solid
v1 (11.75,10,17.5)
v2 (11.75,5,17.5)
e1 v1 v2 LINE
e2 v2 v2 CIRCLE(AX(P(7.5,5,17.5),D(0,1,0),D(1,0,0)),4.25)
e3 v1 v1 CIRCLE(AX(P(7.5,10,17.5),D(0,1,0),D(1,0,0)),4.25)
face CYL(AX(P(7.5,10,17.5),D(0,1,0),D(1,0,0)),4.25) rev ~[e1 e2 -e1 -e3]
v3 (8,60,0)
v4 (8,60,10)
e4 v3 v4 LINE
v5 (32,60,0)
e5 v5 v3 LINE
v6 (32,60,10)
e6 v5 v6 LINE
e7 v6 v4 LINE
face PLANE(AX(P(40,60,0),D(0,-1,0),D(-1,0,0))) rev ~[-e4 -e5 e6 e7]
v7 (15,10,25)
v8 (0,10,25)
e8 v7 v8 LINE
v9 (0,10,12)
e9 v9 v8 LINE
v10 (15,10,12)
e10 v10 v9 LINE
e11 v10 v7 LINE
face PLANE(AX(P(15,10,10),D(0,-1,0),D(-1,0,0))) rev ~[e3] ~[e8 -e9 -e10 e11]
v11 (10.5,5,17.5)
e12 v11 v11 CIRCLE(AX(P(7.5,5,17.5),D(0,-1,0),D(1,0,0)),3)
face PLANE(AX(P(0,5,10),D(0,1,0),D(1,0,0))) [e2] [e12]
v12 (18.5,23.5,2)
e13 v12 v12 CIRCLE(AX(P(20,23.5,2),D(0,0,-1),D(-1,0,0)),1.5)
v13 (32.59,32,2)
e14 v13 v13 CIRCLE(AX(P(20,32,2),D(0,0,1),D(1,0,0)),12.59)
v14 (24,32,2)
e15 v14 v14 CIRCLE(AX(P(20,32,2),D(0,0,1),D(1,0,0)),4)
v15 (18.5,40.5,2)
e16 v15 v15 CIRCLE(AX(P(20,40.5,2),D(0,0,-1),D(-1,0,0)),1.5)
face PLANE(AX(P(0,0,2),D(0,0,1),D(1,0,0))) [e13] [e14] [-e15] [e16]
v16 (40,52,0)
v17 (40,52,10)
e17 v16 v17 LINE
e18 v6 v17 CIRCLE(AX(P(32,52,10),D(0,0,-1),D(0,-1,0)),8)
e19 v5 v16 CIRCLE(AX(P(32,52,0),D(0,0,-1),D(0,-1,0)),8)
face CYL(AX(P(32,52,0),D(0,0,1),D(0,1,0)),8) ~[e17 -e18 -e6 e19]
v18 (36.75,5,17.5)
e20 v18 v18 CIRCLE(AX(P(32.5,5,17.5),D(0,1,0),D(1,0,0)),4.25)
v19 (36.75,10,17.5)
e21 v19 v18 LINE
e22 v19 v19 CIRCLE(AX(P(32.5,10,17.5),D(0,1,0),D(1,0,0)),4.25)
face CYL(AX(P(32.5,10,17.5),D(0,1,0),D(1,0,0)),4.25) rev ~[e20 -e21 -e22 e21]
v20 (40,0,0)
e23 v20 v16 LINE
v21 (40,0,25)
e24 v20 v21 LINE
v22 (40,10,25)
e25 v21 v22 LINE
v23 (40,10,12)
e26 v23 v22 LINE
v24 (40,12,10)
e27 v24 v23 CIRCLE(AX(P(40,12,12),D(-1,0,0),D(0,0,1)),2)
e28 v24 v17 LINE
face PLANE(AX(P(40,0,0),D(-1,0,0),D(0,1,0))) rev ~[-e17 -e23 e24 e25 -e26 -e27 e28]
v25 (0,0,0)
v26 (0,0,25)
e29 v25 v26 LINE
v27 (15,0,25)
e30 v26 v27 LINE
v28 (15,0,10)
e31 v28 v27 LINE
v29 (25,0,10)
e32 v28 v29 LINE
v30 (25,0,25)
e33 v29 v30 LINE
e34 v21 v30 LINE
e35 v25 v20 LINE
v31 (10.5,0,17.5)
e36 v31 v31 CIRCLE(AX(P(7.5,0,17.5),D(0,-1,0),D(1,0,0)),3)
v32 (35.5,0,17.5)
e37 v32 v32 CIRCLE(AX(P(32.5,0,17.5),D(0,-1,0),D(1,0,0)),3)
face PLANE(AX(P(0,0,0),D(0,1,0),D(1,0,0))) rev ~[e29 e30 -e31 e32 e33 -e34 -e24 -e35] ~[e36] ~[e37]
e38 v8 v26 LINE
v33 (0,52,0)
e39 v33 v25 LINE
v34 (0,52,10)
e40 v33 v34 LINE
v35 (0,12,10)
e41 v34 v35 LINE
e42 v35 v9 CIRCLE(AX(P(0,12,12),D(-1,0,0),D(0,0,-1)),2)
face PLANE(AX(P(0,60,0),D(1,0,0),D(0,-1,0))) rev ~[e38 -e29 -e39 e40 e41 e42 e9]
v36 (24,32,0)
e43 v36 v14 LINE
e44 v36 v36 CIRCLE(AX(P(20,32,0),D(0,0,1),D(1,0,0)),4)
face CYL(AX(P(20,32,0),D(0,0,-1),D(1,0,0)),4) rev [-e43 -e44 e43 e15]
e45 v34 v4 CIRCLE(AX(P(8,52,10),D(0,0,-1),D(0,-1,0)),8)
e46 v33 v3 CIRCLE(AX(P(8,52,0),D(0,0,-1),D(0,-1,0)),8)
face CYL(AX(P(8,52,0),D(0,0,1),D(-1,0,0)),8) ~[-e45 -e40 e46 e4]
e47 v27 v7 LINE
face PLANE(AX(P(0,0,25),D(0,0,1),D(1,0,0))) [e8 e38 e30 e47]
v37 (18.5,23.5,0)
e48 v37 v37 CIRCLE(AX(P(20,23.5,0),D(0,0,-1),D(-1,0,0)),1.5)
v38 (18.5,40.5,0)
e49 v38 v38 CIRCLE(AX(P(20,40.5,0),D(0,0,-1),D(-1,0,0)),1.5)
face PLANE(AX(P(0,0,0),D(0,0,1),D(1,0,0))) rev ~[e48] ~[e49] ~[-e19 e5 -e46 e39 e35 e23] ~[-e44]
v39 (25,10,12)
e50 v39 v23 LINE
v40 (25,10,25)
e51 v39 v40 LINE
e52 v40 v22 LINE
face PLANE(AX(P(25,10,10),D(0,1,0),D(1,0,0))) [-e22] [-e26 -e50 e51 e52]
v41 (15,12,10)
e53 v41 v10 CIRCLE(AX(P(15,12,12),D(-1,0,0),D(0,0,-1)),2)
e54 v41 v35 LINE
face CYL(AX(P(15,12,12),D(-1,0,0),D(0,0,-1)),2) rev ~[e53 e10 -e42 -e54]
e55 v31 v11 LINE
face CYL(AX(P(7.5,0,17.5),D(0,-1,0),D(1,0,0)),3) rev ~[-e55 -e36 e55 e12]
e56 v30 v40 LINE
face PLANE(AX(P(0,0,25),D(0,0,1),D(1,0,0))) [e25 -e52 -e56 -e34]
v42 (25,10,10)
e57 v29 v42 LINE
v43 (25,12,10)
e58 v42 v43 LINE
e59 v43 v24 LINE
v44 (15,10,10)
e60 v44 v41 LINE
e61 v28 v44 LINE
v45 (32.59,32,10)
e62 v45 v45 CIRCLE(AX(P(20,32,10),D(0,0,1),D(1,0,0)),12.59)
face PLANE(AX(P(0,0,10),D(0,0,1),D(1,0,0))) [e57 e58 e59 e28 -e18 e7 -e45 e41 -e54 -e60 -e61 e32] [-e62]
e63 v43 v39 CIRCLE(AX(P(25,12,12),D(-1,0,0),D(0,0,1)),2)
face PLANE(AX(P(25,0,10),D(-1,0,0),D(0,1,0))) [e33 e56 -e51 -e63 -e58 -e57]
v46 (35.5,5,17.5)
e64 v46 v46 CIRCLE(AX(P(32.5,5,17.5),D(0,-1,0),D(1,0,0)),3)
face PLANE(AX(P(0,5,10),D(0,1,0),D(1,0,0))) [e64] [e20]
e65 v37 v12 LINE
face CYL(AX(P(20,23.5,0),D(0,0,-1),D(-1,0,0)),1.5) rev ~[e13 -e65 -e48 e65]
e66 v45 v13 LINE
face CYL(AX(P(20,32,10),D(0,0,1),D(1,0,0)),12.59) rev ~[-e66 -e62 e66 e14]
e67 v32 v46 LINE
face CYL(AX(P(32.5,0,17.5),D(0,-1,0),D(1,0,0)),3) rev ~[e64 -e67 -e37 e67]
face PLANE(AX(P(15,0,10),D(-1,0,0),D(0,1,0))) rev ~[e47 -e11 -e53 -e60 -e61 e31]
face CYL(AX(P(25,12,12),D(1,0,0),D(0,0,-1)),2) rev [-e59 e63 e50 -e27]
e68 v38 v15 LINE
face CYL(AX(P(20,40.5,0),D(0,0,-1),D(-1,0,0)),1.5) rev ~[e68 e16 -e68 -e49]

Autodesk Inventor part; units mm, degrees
ref_plane "YZ Plane" through (0, 0, 0) normal (1, 0, 0) x (0, 1, 0)
ref_plane "XZ Plane" through (0, 0, 0) normal (0, 1, 0) x (-1, 0, 0)
ref_plane "XY Plane" through (0, 0, 0) normal (0, 0, 1) x (1, 0, 0)
sketch "Boceto1" plane through (0, 0, 0) normal (0, 0, 1) x (1, 0, 0)
  line L0 (0, 0) -> (40, 0)
  line L1 (40, 0) -> (40, 60)
  line L2 (40, 60) -> (0, 60)
  line L3 (0, 60) -> (0, 0)
  circle A0 centre (20, 32) radius 4
  dimension "d0" = 40
  dimension "d1" = 60
  dimension "d2" = 8
  dimension "d31" = 32
extrude "Extrusión1" add sketch "Boceto1" along normal blind 10
sketch "Boceto2" plane through (0, 0, 10) normal (0, 0, 1) x (1, 0, 0)
  circle A0 centre (20, 32) radius 4 projected
  circle A1 centre (20, 32) radius 12.59
  point P0 (0, 0)
  dimension "d5" = 25.18
extrude "Extrusión2" cut sketch "Boceto2" against normal blind 8
fillet "Empalme1" radius 8 2 edges at (40, 60, 5) (0, 60, 5)
sketch "Boceto4" plane through (0, 0, 0) normal (0, 0, -1) x (-1, 0, 0)
  circle A0 centre (-20, 40.5) radius 1.5
  circle A1 centre (-20, 23.5) radius 1.5
  circle A2 centre (-20, 32) radius 4 projected
  point P0 (0, 0)
  dimension "d11" = 3
  dimension "d12" = 3
  dimension "d14" = 8.5
  dimension "d15" = 17
extrude "Extrusión4" cut sketch "Boceto4" against normal blind 2 contours A0 | A1
sketch "Boceto5" plane through (0, 0, 10) normal (0, 0, 1) x (1, 0, 0)
  line L0 (0, 52) -> (0, 0) projected
  line L1 (0, 0) -> (15, 0)
  line L2 (15, 0) -> (15, 10)
  line L3 (15, 10) -> (0, 10)
  line L4 (0, 10) -> (0, 0)
  line L5 (40, 0) -> (40, 52) projected
  line L6 (40, 0) -> (25, 0)
  line L7 (25, 0) -> (25, 10)
  line L8 (25, 10) -> (40, 10)
  line L9 (40, 10) -> (40, 0)
  point P0 (0, 10)
  dimension "d18" = 15
  dimension "d19" = 10
  dimension "d20" = 15
  dimension "d21" = 10
extrude "Extrusión5" add sketch "Boceto5" along normal blind 15
sketch "Boceto6" plane through (0, 10, 10) normal (0, 1, 0) x (1, 0, 0)
  line L0 (15, -15) -> (0, -15) projected
  line L1 (0, 0) -> (15, 0) projected
  line L2 (15, 0) -> (15, -15) projected
  circle A0 centre (7.5, -7.5) radius 3
  line L3 (25, -15) -> (40, -15) projected
  circle A1 centre (32.5, -7.5) radius 3
  circle A2 centre (7.5, -7.5) radius 4.25
  circle A3 centre (32.5, -7.5) radius 4.25
  line L4 (0, 0) -> (0, -15) projected
  line L5 (40, 0) -> (40, -15) projected
  line L6 (40, 0) -> (32, 0) projected
  point P0 (0, 10)
  point P1 (40, -7.5)
  dimension "d24" = 6
  dimension "d25" = 6
  dimension "d32" = 8.5
  dimension "d33" = 8.5
  dimension "d36" = 7.5
  dimension "d37" = 7.5
  dimension "d38" = 7.5
  dimension "d39" = 7.5
extrude "Extrusión6" cut sketch "Boceto6" against normal blind 5 contours A0 | A1
extrude "Extrusión7" cut sketch "Boceto6" against normal blind 5 contours A2 | A3
sketch "Boceto7" plane through (0, 0, 0) normal (0, -1, 0) x (1, 0, 0)
  circle A0 centre (32.5, 17.5) radius 4.25 projected
  circle A1 centre (32.5, 17.5) radius 3
  circle A2 centre (7.5, 17.5) radius 4.25 projected
  circle A3 centre (7.5, 17.5) radius 3
  point P0 (0, 0)
  dimension "d40" = 6
  dimension "d41" = 6
extrude "Extrusión8" cut sketch "Boceto7" against normal blind 5 contours A1 | A3
fillet "Empalme2" radius 2 1 edges at (7.5, 10, 10)
fillet "Empalme3" radius 2 1 edges at (32.5, 10, 10)
properties part number "sujeción motor-acople"
